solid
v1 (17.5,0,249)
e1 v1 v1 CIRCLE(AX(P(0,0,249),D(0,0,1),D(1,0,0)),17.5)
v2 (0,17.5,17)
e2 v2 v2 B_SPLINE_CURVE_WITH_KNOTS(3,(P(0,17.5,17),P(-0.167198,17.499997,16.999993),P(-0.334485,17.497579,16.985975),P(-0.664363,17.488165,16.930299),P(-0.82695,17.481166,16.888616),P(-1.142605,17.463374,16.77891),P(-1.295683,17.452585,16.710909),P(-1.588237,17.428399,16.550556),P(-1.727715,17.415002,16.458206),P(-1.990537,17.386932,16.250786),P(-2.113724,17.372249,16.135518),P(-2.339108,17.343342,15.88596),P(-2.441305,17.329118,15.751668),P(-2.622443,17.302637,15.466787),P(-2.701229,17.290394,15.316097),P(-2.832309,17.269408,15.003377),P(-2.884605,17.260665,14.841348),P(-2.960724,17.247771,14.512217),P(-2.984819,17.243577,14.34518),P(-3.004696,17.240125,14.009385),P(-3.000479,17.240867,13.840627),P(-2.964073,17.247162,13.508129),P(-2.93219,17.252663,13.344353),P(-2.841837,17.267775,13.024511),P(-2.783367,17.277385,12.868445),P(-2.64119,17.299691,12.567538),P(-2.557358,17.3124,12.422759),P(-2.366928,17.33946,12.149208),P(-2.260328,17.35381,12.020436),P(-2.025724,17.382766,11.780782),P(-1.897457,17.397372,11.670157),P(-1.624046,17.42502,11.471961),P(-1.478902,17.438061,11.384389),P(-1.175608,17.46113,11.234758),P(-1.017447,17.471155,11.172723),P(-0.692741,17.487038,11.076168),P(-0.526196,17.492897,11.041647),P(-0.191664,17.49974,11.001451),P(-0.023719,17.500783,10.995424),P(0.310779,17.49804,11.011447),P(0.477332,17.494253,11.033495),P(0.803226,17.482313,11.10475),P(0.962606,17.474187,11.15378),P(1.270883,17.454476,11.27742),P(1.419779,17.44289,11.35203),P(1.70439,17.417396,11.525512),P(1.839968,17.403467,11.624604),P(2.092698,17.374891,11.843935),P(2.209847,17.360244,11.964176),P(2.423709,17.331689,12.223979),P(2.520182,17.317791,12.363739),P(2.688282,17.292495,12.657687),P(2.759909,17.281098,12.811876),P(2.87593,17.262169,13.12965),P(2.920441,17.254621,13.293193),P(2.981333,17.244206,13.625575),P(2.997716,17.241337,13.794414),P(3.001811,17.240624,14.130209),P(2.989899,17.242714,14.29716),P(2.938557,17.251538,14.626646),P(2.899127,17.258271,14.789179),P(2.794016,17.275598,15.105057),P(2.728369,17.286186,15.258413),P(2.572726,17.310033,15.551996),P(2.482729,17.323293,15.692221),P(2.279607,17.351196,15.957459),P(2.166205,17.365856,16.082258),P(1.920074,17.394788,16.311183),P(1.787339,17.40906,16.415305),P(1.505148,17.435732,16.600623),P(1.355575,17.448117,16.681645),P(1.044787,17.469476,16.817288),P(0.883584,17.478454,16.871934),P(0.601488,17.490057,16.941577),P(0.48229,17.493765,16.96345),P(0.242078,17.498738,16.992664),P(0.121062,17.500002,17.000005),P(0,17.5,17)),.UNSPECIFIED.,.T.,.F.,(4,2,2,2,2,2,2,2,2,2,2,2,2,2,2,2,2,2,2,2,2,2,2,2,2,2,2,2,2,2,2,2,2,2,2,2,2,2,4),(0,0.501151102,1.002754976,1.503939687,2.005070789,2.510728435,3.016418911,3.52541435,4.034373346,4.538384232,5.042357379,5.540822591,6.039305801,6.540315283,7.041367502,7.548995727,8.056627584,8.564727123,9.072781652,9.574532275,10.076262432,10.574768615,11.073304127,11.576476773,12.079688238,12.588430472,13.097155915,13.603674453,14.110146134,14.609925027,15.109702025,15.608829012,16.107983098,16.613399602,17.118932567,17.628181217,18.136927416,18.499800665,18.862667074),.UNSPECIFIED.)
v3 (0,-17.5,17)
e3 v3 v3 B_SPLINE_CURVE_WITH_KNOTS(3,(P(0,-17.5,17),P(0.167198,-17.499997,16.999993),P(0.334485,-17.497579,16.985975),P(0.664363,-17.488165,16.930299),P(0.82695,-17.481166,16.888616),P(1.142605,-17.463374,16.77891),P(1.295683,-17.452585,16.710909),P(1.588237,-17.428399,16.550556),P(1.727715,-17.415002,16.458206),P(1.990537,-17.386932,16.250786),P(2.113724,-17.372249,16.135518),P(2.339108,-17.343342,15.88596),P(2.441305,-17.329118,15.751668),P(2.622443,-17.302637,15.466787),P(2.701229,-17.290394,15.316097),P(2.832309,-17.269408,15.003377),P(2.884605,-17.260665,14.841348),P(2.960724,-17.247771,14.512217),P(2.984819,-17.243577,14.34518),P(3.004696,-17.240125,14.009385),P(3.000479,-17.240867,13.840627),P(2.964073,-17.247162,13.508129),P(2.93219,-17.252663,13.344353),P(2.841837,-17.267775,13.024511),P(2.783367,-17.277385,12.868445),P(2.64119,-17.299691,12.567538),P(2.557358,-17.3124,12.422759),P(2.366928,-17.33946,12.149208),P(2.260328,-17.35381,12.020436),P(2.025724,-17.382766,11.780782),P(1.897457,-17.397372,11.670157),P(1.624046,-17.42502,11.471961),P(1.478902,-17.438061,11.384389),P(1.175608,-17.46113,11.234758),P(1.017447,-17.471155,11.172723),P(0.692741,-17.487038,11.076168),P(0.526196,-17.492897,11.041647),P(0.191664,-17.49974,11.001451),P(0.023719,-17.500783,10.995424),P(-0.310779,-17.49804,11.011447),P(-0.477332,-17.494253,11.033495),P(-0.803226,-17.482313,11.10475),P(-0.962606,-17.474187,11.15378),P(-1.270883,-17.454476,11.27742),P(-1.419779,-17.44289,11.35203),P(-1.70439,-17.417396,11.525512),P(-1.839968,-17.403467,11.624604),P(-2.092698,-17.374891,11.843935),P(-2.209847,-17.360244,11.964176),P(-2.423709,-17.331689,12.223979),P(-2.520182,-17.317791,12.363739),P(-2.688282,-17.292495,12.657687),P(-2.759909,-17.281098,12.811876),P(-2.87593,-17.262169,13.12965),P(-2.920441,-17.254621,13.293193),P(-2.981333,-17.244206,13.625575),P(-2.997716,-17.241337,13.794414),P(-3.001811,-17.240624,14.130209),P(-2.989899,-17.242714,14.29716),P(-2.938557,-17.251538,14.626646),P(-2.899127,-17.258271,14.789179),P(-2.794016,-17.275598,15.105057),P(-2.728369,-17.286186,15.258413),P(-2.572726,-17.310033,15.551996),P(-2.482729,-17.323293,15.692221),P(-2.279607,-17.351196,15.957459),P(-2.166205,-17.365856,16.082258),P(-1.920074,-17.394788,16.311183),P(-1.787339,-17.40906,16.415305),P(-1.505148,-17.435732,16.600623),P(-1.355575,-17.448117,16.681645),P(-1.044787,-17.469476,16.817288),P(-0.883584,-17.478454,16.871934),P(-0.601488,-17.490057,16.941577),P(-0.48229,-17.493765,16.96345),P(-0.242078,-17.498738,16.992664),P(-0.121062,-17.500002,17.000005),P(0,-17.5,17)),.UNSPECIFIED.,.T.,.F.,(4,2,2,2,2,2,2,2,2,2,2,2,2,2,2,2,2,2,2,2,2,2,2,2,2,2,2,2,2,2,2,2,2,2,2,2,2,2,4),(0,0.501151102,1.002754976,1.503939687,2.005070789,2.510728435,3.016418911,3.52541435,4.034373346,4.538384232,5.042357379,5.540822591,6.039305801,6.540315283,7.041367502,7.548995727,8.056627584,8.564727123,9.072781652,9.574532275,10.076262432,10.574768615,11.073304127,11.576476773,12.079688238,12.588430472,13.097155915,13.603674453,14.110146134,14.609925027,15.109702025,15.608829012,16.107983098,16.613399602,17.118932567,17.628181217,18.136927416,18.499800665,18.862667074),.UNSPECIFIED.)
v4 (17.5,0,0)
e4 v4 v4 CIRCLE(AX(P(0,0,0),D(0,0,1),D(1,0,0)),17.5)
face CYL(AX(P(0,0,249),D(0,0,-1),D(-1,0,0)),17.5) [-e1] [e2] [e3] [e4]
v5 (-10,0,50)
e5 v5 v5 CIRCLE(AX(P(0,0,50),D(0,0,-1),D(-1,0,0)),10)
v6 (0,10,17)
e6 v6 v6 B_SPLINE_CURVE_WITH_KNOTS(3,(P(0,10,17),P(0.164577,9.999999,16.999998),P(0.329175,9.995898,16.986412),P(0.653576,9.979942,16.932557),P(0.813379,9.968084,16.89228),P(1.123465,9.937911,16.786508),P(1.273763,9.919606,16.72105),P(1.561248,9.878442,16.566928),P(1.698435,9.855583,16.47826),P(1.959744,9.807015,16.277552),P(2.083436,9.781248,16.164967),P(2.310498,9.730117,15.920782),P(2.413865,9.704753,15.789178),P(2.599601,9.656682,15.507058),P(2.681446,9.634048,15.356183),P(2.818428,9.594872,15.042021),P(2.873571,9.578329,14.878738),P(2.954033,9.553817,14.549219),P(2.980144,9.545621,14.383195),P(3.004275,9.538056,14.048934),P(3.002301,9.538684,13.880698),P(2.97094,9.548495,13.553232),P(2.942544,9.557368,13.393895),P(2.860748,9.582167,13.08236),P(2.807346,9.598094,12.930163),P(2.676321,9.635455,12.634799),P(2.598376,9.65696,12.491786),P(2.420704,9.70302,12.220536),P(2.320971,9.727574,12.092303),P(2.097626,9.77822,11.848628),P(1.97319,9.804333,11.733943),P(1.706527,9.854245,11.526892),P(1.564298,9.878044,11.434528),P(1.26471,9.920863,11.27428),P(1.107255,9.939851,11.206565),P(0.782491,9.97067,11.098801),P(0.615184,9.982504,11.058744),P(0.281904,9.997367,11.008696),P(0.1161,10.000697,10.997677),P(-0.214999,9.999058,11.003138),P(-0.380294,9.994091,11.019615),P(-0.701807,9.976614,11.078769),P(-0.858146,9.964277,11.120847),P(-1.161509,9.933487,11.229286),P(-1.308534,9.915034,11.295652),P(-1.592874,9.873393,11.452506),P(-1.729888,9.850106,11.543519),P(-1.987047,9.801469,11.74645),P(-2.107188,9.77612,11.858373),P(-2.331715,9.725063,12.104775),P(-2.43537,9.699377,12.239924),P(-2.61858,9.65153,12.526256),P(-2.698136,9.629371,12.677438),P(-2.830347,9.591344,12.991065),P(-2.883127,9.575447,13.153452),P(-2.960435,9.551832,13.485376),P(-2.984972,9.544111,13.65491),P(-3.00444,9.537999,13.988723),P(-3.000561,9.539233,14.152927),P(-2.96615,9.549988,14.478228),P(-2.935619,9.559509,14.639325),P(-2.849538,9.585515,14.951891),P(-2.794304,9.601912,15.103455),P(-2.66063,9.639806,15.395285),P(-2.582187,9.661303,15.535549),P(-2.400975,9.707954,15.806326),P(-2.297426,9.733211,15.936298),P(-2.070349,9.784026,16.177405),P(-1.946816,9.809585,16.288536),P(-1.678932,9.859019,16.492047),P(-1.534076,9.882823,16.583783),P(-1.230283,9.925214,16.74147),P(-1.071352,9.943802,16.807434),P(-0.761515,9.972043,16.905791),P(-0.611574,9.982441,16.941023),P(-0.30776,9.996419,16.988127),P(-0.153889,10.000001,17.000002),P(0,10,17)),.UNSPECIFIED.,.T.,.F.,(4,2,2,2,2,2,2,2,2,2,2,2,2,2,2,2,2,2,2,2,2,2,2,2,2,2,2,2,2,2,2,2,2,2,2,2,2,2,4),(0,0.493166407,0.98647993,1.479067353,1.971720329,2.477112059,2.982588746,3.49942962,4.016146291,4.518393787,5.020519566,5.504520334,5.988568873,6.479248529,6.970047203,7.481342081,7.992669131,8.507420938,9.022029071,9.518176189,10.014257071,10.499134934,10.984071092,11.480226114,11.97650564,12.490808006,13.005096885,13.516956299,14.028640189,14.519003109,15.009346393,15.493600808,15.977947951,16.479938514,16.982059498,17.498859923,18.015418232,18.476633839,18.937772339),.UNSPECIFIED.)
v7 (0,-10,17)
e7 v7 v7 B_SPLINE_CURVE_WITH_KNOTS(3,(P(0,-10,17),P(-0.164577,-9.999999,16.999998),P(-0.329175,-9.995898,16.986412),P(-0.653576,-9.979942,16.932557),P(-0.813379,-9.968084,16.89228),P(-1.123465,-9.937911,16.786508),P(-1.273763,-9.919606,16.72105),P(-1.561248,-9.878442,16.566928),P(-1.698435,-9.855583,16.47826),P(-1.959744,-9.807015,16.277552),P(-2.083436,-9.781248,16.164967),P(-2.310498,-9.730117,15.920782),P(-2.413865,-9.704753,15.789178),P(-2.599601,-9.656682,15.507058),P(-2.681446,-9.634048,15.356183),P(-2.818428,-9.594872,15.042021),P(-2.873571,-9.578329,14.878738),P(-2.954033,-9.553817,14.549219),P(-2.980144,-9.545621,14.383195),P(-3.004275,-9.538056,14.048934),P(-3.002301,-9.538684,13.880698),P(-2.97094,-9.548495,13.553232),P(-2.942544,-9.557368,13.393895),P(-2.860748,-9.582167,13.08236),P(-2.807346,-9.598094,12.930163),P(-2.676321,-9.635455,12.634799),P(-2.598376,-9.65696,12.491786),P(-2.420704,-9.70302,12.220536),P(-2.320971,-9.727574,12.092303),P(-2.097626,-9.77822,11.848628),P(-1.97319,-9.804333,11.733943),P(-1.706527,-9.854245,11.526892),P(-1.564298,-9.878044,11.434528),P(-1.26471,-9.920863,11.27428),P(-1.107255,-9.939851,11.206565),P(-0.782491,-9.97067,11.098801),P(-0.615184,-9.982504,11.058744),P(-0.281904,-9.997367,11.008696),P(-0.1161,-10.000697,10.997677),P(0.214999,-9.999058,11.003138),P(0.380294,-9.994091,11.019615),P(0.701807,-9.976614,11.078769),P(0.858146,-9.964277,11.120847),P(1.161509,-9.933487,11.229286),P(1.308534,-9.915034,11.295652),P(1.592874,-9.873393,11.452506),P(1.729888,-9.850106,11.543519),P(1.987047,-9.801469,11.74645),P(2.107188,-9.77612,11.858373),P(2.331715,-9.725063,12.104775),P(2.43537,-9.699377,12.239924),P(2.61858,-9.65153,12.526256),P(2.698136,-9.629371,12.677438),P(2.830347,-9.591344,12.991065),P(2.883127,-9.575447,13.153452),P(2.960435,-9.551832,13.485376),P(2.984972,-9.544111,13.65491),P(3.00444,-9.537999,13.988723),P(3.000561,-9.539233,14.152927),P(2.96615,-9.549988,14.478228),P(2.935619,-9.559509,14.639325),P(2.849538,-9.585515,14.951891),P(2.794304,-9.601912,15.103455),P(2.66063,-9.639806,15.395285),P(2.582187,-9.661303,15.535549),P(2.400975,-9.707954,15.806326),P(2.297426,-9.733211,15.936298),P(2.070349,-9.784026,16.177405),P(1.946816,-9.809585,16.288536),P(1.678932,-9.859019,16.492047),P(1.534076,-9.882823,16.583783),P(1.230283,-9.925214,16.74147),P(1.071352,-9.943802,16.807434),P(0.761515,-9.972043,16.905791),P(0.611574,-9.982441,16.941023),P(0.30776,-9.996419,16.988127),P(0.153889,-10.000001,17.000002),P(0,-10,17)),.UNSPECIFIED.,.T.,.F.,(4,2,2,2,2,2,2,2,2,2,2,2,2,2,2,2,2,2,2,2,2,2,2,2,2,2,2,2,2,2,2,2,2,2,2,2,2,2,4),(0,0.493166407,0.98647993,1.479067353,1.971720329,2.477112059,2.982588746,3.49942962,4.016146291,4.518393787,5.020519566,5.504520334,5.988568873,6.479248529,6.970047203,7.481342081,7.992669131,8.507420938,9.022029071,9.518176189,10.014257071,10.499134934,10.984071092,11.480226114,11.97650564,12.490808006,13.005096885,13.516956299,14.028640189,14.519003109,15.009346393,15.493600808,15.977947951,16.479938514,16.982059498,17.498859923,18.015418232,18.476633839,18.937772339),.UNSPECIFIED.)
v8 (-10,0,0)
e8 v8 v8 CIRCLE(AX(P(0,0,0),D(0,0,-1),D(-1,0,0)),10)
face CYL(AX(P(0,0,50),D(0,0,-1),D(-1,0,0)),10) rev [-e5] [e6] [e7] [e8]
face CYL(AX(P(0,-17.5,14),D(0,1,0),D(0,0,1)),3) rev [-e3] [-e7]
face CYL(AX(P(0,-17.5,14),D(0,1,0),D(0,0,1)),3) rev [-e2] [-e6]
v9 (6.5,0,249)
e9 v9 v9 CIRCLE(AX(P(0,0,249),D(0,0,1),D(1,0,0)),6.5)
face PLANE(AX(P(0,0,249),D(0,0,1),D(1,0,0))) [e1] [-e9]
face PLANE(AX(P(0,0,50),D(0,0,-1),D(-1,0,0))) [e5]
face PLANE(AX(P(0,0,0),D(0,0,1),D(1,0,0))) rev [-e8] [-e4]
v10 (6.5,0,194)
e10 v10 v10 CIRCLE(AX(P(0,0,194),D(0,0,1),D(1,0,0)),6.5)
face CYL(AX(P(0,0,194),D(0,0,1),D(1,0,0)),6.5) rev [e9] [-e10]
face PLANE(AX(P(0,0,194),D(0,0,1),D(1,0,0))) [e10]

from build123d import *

# Parameters (mm, degrees)
SKETCH1_R               = 17.5
BOSS_EXTRUDE1_DEPTH     = 249
SKETCH2_R               = 6.5
CUT_EXTRUDE1_DEPTH      = 55
SKETCH9_R               = 10
CUT_EXTRUDE5_DEPTH      = 50
CUT_EXTRUDE6_DEPTH      = 251.226897035
CUT_EXTRUDE6_DEPTH_BACK = 251.226897035
SKETCH10_R              = 3


with BuildPart() as part:
    # Sketch1 → Boss-Extrude1 (new body)
    with BuildSketch(Plane.XY):
        Circle(SKETCH1_R)
    extrude(amount=BOSS_EXTRUDE1_DEPTH)

    # Sketch2 → Cut-Extrude1 (cut)
    with BuildSketch(Plane.XY.offset(249)):
        Circle(SKETCH2_R)
    extrude(amount=-CUT_EXTRUDE1_DEPTH, mode=Mode.SUBTRACT)

    # Sketch9 → Cut-Extrude5 (cut)
    with BuildSketch(Plane(origin=(0, 0, 0), x_dir=(-1, 0, 0), z_dir=(0, 0, -1))):
        Circle(SKETCH9_R)
    extrude(amount=-CUT_EXTRUDE5_DEPTH, mode=Mode.SUBTRACT)

    # Sketch10 → Cut-Extrude6 (cut, two sides: drawn at the far end of the back side and taken through both)
    with BuildSketch(Plane(origin=(0, 0, 0), x_dir=(1, 0, 0), z_dir=(0, 1, 0)).offset(-CUT_EXTRUDE6_DEPTH_BACK)):
        with Locations(Location((0, -14, 0), (0, 0, 270))):
            Circle(SKETCH10_R)
    extrude(amount=CUT_EXTRUDE6_DEPTH + CUT_EXTRUDE6_DEPTH_BACK, mode=Mode.SUBTRACT)


solid = part.part
